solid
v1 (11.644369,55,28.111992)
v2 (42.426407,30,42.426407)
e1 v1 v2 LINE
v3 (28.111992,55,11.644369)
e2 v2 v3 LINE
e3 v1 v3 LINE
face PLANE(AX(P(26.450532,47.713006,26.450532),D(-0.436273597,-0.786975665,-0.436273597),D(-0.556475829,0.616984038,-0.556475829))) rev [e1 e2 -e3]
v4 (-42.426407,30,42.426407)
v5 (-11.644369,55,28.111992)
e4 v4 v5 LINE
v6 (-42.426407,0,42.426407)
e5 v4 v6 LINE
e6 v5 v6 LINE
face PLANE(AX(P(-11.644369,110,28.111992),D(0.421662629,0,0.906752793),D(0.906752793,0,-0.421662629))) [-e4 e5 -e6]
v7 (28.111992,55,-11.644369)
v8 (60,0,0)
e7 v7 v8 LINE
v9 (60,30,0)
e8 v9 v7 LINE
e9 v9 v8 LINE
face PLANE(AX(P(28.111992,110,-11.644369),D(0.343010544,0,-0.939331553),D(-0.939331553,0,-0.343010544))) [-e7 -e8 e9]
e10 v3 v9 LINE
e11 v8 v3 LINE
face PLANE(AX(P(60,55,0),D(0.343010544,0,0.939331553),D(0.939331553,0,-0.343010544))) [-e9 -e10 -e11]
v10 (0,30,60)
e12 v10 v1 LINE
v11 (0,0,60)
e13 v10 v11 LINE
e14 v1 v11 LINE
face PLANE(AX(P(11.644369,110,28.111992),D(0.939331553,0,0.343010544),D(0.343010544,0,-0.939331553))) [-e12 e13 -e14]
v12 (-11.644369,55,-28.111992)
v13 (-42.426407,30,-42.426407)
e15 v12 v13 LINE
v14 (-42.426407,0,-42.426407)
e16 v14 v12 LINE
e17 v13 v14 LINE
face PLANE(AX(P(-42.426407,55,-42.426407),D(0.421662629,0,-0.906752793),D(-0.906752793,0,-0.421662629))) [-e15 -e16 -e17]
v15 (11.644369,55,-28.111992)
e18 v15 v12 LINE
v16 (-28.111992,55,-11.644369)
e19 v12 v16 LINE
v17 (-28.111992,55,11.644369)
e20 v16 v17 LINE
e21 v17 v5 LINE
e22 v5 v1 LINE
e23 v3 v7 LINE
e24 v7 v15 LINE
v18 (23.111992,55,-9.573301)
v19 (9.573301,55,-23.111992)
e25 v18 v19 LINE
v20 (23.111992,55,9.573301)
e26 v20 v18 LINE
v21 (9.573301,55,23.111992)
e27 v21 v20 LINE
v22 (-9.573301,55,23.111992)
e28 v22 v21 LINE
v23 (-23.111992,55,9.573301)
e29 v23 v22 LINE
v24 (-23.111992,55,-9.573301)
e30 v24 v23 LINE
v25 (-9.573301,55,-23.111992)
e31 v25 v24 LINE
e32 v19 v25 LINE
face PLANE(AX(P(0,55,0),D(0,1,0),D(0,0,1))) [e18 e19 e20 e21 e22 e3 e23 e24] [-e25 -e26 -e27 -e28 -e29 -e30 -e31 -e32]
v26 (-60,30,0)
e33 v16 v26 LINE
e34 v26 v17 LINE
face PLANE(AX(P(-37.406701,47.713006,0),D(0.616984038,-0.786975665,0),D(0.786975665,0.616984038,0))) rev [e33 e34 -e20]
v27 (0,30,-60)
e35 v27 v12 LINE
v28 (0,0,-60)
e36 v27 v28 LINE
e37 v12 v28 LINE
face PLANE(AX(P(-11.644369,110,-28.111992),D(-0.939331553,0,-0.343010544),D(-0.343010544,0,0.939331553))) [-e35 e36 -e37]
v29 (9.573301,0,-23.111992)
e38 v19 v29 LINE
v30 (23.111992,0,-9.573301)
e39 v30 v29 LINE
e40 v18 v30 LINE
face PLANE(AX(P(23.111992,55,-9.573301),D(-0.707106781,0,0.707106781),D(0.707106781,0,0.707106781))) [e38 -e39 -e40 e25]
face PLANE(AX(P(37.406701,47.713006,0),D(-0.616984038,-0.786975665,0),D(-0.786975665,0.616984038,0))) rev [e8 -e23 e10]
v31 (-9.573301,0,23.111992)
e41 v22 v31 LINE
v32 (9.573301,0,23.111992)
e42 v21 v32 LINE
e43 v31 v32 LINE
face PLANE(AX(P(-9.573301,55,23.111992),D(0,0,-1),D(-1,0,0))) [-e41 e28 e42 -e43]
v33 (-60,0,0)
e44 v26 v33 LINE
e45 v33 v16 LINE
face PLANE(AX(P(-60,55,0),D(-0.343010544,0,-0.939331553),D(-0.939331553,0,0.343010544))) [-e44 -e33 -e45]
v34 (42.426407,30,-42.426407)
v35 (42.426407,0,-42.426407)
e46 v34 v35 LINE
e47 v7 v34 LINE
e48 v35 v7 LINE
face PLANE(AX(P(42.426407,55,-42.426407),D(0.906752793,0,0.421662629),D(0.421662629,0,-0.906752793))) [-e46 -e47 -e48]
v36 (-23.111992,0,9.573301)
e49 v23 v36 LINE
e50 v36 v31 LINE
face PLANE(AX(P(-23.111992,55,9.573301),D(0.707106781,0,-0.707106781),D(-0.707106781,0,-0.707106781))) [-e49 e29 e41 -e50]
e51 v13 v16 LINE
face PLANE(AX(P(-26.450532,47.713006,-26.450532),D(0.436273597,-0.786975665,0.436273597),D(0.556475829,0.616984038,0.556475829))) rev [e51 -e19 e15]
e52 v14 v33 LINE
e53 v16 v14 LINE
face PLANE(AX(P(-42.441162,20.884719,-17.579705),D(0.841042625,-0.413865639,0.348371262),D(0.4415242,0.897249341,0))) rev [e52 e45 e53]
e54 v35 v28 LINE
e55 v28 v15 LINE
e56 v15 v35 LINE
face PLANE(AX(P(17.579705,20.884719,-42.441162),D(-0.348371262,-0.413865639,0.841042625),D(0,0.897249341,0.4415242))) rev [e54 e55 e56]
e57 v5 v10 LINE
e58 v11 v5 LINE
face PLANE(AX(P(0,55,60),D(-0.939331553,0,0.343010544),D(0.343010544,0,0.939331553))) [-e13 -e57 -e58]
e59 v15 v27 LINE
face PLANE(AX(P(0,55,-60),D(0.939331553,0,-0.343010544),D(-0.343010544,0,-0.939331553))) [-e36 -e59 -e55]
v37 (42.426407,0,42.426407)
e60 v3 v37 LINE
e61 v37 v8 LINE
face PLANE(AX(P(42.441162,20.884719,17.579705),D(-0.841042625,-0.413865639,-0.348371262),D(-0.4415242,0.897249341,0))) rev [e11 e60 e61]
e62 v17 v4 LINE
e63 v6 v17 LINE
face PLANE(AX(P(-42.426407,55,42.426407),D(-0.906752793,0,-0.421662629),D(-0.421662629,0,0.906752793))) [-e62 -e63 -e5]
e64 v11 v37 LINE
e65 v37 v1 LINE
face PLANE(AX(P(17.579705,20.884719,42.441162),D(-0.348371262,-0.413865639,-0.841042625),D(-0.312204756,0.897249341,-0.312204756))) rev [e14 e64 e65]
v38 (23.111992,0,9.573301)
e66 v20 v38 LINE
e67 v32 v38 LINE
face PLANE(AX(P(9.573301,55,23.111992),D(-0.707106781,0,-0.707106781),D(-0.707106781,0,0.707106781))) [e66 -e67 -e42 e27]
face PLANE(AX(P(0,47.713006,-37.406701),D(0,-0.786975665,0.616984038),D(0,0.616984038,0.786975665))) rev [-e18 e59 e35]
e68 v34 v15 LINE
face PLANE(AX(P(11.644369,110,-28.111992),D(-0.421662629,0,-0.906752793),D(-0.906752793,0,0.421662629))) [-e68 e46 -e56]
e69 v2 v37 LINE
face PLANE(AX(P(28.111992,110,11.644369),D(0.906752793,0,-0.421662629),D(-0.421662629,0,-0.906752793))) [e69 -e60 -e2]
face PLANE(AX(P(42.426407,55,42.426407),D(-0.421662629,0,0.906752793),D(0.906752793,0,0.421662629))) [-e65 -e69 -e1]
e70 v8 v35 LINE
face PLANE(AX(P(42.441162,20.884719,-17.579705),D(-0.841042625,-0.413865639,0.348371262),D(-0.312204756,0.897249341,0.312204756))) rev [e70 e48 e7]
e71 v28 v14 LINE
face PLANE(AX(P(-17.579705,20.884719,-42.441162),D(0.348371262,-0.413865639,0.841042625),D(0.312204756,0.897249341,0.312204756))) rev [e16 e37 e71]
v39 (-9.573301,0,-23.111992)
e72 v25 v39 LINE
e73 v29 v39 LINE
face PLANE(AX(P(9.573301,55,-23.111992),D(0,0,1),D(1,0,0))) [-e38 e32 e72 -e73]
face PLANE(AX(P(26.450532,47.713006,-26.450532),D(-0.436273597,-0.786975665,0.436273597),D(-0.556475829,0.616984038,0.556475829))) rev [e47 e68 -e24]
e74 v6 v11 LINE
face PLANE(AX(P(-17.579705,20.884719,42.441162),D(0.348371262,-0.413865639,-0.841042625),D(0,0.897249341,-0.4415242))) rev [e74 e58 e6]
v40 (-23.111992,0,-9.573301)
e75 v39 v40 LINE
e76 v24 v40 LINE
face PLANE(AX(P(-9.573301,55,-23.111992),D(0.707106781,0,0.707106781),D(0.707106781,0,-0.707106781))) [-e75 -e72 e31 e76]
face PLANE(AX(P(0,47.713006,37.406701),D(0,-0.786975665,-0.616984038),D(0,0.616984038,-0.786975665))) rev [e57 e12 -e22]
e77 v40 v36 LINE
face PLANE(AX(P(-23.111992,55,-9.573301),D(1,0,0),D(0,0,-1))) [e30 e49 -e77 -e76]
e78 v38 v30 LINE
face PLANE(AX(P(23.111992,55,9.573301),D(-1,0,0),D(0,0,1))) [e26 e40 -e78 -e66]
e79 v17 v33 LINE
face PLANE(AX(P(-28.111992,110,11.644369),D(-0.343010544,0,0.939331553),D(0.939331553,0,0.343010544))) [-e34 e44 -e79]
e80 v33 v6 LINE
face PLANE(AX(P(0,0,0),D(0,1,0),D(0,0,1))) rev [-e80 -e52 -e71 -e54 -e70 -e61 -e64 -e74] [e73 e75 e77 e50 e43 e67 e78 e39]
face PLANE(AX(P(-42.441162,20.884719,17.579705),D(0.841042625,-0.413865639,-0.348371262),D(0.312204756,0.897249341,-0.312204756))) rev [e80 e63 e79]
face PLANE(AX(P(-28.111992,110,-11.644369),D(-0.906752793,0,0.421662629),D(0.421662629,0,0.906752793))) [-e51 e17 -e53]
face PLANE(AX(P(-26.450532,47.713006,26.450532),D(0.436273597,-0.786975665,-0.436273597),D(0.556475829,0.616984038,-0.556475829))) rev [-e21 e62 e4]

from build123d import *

# Parameters (mm, degrees)
EXTRUDE_1_DEPTH          = 55
CUT_EXTRUDE_3_DEPTH      = 323.664416923
PATTERN_CIRCULAR_1_COUNT = 8
CUT_EXTRUDE_4_DEPTH      = 158.777475037
PATTERN_CIRCULAR_2_COUNT = 8


with BuildPart() as part:
    # 草图1 → 凸台-拉伸1 (new body)
    with BuildSketch(Plane(origin=(0, 0, 0), x_dir=(1, 0, 0), z_dir=(0, 1, 0))):
        Polygon((42.426406871, -42.426406871), (60, 0), (42.426406871, 42.426406871), (0, 60), (-42.426406871, 42.426406871), (-60, 0), (-42.426406871, -42.426406871), (0, -60), align=None)
        Polygon((23.111992498, -9.573300746), (23.111992498, 9.573300746), (9.573300746, 23.111992498), (-9.573300746, 23.111992498), (-23.111992498, 9.573300746), (-23.111992498, -9.573300746), (-9.573300746, -23.111992498), (9.573300746, -23.111992498), align=None, mode=Mode.SUBTRACT)
    extrude(amount=EXTRUDE_1_DEPTH)

    # 草图4 → 切除-拉伸3 (cut, through all, along a direction that is not the sketch's normal)
    with BuildSketch(Plane(origin=(-17.57970482, 20.884718614, 42.441161798), x_dir=(0.9373566365157255, 0.153814342715155, 0.31257588511436873), z_dir=(-0.34837126170211885, 0.4138656392921341, 0.8410426247422821))):
        Polygon((6.331993641, 36.93658877), (-26.507202364, -18.732285364), (18.754553107, -26.491452015), align=None)
    cut_extrude_3 = extrude(amount=CUT_EXTRUDE_3_DEPTH, dir=(0, 1, 0), mode=Mode.SUBTRACT)

    # 阵列(圆周)1: 切除-拉伸3 ×8 about axis
    pattern_circular_1_axis = Axis((0, 55, 0), (0, -1, 0))
    for i in range(1, PATTERN_CIRCULAR_1_COUNT):
        add(cut_extrude_3.rotate(pattern_circular_1_axis, i * 360 / PATTERN_CIRCULAR_1_COUNT), mode=Mode.SUBTRACT)

    # 草图8 → 切除-拉伸4 (cut, through all, along a direction that is not the sketch's normal)
    with BuildSketch(Plane(origin=(-37.406700868, 47.713006316, 0), x_dir=(-0.7869756649359425, -0.616984037717858, 0), z_dir=(0.616984037717858, -0.7869756649359426, 0))):
        Polygon((-11.810668086, 11.644368558), (-11.810668086, -11.644368558), (28.709826154, 0), align=None)
    cut_extrude_4 = extrude(amount=-CUT_EXTRUDE_4_DEPTH, dir=(0, -1, 0), mode=Mode.SUBTRACT)

    # 阵列(圆周)2: 切除-拉伸4 ×8 about axis
    pattern_circular_2_axis = Axis((0, 55, 0), (0, -1, 0))
    for i in range(1, PATTERN_CIRCULAR_2_COUNT):
        add(cut_extrude_4.rotate(pattern_circular_2_axis, i * 360 / PATTERN_CIRCULAR_2_COUNT), mode=Mode.SUBTRACT)


solid = part.part
